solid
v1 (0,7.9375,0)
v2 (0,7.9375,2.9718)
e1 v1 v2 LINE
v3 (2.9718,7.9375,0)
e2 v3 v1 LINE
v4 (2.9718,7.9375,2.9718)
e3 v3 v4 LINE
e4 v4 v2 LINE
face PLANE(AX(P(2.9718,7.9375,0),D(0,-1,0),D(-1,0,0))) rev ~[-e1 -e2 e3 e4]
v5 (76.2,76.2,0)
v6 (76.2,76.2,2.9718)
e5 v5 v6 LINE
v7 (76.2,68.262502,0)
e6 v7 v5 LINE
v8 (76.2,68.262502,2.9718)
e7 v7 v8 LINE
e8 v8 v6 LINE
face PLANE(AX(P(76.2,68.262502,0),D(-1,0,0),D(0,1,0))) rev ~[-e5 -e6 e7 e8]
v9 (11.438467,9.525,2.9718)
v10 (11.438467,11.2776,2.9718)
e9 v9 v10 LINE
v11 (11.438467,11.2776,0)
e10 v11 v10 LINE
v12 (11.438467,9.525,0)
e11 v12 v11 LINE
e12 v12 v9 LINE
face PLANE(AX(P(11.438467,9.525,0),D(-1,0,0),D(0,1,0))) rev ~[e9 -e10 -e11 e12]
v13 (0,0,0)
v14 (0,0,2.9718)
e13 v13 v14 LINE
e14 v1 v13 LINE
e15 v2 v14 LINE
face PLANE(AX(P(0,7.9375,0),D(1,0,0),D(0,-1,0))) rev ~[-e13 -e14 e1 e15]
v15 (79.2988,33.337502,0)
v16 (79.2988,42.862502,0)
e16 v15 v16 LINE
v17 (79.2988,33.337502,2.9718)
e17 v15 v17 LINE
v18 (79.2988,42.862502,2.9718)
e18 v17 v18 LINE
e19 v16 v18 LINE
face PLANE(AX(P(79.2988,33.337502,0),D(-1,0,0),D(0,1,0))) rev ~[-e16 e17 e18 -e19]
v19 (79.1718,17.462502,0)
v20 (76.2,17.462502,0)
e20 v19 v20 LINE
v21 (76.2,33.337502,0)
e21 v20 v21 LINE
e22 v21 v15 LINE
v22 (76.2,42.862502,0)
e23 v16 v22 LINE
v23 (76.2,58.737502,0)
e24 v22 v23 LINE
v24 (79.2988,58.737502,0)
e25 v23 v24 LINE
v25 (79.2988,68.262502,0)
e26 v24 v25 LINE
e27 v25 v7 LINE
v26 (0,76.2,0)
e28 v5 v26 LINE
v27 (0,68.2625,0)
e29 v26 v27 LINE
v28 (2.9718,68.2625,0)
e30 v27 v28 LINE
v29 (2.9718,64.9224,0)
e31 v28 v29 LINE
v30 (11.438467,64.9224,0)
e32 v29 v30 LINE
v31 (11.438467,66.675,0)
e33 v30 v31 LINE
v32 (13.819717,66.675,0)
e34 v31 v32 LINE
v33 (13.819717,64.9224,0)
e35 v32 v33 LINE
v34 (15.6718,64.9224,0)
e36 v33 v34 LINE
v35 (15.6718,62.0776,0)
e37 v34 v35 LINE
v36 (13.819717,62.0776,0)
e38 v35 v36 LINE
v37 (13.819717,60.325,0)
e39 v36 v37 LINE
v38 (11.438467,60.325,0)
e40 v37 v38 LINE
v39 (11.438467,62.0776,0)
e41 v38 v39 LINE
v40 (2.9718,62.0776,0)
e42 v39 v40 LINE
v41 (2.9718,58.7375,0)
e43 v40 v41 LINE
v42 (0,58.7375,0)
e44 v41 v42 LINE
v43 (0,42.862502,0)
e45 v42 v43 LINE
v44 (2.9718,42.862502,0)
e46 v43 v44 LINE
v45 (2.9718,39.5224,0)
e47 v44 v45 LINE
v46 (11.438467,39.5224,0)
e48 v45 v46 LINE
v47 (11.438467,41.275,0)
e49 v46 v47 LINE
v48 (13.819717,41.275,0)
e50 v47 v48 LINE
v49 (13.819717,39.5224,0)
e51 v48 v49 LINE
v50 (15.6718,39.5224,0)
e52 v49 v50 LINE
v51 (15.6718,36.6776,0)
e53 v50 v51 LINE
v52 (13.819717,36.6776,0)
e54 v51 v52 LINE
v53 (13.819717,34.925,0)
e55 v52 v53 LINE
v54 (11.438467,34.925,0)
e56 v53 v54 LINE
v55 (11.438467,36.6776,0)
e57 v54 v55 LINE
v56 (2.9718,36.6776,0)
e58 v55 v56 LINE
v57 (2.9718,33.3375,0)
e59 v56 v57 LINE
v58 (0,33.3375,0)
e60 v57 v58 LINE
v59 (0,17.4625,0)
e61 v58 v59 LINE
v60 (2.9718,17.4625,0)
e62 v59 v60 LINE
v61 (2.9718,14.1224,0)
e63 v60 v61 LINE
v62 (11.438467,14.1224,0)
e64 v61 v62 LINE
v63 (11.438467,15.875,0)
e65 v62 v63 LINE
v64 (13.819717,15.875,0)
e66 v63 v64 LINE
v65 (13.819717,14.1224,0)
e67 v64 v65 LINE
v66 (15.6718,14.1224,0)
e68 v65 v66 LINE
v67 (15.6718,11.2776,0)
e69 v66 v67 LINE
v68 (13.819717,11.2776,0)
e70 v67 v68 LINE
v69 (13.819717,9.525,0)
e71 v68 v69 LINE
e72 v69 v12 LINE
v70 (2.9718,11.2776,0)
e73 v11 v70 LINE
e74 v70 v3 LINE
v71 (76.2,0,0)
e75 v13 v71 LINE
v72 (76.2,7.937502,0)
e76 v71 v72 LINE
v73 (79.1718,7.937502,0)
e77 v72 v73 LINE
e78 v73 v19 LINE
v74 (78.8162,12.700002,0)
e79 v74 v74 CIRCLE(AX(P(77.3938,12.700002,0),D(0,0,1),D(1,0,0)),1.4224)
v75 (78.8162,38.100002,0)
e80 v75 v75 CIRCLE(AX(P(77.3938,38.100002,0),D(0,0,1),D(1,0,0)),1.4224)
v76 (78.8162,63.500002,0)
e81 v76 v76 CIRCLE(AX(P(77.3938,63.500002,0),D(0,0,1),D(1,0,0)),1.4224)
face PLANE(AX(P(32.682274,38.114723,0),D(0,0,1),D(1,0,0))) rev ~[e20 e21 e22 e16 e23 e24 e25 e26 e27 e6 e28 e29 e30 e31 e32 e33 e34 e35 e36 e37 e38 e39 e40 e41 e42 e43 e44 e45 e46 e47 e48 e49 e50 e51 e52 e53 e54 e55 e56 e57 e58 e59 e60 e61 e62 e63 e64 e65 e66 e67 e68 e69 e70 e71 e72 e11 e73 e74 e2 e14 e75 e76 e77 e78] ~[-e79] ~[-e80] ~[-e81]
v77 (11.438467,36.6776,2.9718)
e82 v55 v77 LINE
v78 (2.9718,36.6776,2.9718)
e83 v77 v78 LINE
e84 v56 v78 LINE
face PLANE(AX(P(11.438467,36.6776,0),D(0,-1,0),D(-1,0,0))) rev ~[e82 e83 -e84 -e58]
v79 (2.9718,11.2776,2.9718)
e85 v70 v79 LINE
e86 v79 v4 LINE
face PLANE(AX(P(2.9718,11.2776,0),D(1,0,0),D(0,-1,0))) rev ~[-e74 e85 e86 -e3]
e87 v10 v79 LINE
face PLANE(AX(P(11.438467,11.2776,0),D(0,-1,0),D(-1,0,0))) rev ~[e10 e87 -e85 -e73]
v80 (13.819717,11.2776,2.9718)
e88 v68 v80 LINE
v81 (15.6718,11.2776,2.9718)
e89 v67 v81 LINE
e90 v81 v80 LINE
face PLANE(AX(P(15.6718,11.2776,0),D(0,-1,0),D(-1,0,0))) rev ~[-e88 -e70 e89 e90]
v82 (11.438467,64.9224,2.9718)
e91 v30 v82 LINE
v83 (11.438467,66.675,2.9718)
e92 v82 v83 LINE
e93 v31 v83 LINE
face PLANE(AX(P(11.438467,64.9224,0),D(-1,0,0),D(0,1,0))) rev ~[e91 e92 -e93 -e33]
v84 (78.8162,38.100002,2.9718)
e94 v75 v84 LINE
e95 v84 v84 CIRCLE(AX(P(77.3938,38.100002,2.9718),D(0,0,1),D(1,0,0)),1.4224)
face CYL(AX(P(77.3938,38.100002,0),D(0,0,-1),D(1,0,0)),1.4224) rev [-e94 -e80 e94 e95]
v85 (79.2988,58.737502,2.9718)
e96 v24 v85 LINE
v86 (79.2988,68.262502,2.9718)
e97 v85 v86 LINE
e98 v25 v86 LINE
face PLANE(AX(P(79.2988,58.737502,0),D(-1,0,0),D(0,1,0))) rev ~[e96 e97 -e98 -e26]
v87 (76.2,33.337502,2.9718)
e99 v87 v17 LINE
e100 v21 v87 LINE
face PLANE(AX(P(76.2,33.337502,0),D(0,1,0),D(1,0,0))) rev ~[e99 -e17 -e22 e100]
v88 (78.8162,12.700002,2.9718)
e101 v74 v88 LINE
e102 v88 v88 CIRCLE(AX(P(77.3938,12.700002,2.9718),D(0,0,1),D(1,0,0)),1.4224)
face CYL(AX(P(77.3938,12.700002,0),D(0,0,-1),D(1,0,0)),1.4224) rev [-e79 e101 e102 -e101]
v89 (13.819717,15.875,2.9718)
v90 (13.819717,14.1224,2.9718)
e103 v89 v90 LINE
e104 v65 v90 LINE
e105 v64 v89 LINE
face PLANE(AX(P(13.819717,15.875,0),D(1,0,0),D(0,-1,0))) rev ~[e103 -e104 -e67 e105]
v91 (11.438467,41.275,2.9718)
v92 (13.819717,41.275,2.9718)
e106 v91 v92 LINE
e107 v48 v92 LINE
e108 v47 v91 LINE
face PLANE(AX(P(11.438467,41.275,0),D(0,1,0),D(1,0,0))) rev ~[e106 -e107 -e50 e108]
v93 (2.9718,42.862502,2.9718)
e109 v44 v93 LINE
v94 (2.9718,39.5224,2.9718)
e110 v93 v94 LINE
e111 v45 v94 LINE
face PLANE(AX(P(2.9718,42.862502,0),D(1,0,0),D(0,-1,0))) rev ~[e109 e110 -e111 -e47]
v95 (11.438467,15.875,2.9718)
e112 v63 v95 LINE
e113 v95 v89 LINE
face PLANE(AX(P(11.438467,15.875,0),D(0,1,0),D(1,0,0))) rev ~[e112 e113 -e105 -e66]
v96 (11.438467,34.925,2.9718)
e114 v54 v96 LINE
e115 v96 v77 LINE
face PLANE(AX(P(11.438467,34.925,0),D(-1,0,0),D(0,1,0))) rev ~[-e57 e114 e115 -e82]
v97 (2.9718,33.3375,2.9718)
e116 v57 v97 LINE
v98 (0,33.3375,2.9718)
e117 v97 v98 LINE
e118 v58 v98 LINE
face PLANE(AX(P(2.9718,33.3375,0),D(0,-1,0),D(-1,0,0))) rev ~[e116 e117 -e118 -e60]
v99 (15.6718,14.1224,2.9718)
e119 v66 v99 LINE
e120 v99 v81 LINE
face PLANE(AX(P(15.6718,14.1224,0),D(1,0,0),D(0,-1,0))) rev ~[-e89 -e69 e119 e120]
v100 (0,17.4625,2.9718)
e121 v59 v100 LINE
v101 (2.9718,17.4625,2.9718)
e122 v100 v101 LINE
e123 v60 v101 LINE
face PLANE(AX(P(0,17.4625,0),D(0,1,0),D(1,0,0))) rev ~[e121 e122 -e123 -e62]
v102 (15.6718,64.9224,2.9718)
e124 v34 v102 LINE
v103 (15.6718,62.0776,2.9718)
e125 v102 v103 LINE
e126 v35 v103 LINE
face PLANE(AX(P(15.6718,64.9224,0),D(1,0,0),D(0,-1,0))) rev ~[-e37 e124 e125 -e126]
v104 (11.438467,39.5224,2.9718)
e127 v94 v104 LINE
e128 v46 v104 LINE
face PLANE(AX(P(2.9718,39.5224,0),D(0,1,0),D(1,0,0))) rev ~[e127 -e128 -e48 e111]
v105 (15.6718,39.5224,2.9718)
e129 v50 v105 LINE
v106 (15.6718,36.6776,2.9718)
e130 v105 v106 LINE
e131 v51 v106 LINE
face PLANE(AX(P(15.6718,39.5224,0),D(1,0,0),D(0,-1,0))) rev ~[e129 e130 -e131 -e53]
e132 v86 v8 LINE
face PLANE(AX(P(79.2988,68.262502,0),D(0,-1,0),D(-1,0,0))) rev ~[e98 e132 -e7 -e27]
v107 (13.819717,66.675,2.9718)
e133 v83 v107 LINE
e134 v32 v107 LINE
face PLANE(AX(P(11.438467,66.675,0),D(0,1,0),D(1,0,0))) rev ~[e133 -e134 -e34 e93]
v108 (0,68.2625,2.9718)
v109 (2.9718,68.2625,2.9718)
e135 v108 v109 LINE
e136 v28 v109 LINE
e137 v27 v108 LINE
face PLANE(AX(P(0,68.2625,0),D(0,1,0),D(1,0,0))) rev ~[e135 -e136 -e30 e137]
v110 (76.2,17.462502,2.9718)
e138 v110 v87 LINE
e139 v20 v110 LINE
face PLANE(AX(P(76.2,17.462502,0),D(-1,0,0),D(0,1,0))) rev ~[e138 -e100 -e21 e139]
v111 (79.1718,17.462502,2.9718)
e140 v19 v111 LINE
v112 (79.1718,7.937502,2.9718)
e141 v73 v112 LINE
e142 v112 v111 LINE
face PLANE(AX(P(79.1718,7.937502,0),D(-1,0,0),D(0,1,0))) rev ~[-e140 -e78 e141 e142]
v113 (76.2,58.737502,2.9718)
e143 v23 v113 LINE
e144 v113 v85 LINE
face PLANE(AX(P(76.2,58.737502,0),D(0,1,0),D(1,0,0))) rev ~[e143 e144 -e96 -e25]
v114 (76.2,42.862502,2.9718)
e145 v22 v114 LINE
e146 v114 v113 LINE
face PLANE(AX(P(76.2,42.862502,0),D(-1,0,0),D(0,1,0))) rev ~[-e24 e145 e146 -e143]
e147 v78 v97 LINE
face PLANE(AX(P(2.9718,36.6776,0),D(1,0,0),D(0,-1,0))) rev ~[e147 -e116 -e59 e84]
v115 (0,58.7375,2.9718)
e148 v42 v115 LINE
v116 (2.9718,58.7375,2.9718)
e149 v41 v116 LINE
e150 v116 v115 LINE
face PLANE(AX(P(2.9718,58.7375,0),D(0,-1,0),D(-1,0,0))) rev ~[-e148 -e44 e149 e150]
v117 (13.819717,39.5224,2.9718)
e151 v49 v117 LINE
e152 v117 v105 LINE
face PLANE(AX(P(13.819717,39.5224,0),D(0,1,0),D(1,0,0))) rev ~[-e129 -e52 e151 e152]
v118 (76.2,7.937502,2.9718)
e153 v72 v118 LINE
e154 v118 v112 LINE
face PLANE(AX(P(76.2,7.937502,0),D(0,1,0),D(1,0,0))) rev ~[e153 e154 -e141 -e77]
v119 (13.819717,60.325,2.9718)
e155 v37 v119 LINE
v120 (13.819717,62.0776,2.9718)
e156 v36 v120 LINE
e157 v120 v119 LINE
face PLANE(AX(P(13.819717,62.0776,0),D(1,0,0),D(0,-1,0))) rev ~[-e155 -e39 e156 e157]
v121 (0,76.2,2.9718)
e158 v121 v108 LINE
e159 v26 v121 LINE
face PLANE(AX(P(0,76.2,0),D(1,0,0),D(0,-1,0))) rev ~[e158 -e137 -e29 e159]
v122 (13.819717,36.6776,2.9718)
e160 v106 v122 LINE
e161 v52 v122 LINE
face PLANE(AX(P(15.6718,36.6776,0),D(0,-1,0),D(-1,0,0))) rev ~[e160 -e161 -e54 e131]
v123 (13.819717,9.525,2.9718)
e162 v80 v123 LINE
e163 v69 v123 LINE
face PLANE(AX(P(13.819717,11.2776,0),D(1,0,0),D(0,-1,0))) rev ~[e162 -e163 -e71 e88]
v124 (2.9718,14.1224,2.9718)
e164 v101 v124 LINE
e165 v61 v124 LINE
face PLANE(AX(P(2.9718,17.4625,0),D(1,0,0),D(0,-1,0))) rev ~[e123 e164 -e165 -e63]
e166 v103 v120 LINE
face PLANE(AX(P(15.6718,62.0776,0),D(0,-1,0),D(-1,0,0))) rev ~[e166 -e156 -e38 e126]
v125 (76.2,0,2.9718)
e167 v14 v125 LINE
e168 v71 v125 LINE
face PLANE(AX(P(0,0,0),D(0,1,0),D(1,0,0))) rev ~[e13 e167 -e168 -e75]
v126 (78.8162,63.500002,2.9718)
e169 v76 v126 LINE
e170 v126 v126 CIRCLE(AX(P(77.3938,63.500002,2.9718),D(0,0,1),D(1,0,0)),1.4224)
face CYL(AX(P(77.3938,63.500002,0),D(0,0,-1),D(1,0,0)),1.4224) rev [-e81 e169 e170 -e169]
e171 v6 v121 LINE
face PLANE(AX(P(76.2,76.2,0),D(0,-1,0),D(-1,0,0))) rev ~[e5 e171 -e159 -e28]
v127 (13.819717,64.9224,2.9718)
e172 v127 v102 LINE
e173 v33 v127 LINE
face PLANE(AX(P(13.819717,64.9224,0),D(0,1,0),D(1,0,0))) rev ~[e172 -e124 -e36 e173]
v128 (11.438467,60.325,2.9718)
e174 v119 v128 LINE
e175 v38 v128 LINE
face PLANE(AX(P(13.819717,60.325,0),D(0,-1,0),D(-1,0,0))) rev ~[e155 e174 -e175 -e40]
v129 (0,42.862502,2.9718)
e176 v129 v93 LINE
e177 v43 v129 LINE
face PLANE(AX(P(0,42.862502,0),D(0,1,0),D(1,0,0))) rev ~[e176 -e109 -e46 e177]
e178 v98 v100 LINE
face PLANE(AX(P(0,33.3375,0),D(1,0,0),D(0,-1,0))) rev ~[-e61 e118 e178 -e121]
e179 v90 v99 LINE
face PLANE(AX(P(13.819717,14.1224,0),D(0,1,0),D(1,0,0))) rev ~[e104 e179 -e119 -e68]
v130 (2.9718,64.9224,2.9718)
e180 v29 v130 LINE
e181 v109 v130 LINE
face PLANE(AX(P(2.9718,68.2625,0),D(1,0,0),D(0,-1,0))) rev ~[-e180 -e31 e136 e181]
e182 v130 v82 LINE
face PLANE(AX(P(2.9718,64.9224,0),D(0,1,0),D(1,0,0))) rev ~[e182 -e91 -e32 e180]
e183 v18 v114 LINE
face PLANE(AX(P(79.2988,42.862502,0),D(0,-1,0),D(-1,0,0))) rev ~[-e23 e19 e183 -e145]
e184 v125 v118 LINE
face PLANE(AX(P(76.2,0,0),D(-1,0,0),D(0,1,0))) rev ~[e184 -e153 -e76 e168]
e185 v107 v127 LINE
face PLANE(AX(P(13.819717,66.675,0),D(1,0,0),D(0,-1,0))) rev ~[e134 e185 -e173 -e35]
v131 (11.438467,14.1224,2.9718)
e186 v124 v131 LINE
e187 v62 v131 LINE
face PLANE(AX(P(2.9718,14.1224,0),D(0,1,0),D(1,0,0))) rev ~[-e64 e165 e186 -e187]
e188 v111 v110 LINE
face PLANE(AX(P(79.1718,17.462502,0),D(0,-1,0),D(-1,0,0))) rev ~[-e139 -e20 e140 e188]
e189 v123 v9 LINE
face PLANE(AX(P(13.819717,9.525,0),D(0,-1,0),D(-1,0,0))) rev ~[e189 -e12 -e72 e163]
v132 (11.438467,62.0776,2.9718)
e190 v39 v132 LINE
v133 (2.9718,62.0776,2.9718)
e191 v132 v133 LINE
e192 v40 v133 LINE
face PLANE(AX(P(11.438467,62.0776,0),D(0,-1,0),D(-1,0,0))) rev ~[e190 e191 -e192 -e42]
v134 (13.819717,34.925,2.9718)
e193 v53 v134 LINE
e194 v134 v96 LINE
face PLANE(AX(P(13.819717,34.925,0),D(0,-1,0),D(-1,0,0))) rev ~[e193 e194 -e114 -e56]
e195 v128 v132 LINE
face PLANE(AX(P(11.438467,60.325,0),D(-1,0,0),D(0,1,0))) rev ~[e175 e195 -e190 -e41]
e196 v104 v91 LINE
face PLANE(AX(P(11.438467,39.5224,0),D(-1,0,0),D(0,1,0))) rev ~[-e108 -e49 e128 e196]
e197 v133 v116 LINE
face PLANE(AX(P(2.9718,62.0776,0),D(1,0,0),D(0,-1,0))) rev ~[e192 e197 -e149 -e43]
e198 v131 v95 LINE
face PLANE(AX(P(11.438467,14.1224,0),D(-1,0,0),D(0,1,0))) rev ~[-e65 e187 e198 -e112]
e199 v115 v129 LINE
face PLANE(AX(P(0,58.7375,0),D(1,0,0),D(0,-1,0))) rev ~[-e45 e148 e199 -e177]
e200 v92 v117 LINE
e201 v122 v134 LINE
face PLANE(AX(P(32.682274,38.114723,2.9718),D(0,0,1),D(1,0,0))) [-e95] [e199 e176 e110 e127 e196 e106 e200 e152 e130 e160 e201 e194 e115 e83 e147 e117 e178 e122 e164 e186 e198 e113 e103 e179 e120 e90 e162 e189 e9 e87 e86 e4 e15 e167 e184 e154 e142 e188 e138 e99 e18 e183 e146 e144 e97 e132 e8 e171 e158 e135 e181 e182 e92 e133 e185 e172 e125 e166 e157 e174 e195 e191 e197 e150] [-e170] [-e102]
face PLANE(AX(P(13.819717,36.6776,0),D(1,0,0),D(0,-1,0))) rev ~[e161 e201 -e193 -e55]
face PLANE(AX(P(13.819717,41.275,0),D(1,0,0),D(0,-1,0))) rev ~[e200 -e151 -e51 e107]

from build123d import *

# Parameters (mm, degrees)
F0_R     = 1.4224
F1_DEPTH = 2.9718


with BuildPart() as f1:
    # F0 (on Top) → F1 (new body)
    with BuildSketch(Plane.XY):
        Polygon((0, 7.9375), (0, 0), (76.2, 0), (76.2, 7.937502), (79.1718, 7.937502), (79.1718, 17.462502), (76.2, 17.462502), (76.2, 33.337502), (79.2988, 33.337502), (79.2988, 42.862502), (76.2, 42.862502), (76.2, 58.737502), (79.2988, 58.737502), (79.2988, 68.262502), (76.2, 68.262502), (76.2, 76.2), (0, 76.2), (0, 68.2625), (2.9718, 68.2625), (2.9718, 64.9224), (11.438467, 64.9224), (11.438467, 66.675), (13.819717, 66.675), (13.819717, 64.9224), (15.6718, 64.9224), (15.6718, 62.0776), (13.819717, 62.0776), (13.819717, 60.325), (11.438467, 60.325), (11.438467, 62.0776), (2.9718, 62.0776), (2.9718, 58.7375), (0, 58.7375), (0, 42.862502), (2.9718, 42.862502), (2.9718, 39.5224), (11.438467, 39.5224), (11.438467, 41.275), (13.819717, 41.275), (13.819717, 39.5224), (15.6718, 39.5224), (15.6718, 36.6776), (13.819717, 36.6776), (13.819717, 34.925), (11.438467, 34.925), (11.438467, 36.6776), (2.9718, 36.6776), (2.9718, 33.3375), (0, 33.3375), (0, 17.4625), (2.9718, 17.4625), (2.9718, 14.1224), (11.438467, 14.1224), (11.438467, 15.875), (13.819717, 15.875), (13.819717, 14.1224), (15.6718, 14.1224), (15.6718, 11.2776), (13.819717, 11.2776), (13.819717, 9.525), (11.438467, 9.525), (11.438467, 11.2776), (2.9718, 11.2776), (2.9718, 7.9375), align=None)
        with Locations((77.3938, 12.700002)):
            Circle(F0_R, mode=Mode.SUBTRACT)
        with Locations((77.3938, 38.100002)):
            Circle(F0_R, mode=Mode.SUBTRACT)
        with Locations((77.3938, 63.500002)):
            Circle(F0_R, mode=Mode.SUBTRACT)
    extrude(amount=F1_DEPTH)


solid = f1.part
